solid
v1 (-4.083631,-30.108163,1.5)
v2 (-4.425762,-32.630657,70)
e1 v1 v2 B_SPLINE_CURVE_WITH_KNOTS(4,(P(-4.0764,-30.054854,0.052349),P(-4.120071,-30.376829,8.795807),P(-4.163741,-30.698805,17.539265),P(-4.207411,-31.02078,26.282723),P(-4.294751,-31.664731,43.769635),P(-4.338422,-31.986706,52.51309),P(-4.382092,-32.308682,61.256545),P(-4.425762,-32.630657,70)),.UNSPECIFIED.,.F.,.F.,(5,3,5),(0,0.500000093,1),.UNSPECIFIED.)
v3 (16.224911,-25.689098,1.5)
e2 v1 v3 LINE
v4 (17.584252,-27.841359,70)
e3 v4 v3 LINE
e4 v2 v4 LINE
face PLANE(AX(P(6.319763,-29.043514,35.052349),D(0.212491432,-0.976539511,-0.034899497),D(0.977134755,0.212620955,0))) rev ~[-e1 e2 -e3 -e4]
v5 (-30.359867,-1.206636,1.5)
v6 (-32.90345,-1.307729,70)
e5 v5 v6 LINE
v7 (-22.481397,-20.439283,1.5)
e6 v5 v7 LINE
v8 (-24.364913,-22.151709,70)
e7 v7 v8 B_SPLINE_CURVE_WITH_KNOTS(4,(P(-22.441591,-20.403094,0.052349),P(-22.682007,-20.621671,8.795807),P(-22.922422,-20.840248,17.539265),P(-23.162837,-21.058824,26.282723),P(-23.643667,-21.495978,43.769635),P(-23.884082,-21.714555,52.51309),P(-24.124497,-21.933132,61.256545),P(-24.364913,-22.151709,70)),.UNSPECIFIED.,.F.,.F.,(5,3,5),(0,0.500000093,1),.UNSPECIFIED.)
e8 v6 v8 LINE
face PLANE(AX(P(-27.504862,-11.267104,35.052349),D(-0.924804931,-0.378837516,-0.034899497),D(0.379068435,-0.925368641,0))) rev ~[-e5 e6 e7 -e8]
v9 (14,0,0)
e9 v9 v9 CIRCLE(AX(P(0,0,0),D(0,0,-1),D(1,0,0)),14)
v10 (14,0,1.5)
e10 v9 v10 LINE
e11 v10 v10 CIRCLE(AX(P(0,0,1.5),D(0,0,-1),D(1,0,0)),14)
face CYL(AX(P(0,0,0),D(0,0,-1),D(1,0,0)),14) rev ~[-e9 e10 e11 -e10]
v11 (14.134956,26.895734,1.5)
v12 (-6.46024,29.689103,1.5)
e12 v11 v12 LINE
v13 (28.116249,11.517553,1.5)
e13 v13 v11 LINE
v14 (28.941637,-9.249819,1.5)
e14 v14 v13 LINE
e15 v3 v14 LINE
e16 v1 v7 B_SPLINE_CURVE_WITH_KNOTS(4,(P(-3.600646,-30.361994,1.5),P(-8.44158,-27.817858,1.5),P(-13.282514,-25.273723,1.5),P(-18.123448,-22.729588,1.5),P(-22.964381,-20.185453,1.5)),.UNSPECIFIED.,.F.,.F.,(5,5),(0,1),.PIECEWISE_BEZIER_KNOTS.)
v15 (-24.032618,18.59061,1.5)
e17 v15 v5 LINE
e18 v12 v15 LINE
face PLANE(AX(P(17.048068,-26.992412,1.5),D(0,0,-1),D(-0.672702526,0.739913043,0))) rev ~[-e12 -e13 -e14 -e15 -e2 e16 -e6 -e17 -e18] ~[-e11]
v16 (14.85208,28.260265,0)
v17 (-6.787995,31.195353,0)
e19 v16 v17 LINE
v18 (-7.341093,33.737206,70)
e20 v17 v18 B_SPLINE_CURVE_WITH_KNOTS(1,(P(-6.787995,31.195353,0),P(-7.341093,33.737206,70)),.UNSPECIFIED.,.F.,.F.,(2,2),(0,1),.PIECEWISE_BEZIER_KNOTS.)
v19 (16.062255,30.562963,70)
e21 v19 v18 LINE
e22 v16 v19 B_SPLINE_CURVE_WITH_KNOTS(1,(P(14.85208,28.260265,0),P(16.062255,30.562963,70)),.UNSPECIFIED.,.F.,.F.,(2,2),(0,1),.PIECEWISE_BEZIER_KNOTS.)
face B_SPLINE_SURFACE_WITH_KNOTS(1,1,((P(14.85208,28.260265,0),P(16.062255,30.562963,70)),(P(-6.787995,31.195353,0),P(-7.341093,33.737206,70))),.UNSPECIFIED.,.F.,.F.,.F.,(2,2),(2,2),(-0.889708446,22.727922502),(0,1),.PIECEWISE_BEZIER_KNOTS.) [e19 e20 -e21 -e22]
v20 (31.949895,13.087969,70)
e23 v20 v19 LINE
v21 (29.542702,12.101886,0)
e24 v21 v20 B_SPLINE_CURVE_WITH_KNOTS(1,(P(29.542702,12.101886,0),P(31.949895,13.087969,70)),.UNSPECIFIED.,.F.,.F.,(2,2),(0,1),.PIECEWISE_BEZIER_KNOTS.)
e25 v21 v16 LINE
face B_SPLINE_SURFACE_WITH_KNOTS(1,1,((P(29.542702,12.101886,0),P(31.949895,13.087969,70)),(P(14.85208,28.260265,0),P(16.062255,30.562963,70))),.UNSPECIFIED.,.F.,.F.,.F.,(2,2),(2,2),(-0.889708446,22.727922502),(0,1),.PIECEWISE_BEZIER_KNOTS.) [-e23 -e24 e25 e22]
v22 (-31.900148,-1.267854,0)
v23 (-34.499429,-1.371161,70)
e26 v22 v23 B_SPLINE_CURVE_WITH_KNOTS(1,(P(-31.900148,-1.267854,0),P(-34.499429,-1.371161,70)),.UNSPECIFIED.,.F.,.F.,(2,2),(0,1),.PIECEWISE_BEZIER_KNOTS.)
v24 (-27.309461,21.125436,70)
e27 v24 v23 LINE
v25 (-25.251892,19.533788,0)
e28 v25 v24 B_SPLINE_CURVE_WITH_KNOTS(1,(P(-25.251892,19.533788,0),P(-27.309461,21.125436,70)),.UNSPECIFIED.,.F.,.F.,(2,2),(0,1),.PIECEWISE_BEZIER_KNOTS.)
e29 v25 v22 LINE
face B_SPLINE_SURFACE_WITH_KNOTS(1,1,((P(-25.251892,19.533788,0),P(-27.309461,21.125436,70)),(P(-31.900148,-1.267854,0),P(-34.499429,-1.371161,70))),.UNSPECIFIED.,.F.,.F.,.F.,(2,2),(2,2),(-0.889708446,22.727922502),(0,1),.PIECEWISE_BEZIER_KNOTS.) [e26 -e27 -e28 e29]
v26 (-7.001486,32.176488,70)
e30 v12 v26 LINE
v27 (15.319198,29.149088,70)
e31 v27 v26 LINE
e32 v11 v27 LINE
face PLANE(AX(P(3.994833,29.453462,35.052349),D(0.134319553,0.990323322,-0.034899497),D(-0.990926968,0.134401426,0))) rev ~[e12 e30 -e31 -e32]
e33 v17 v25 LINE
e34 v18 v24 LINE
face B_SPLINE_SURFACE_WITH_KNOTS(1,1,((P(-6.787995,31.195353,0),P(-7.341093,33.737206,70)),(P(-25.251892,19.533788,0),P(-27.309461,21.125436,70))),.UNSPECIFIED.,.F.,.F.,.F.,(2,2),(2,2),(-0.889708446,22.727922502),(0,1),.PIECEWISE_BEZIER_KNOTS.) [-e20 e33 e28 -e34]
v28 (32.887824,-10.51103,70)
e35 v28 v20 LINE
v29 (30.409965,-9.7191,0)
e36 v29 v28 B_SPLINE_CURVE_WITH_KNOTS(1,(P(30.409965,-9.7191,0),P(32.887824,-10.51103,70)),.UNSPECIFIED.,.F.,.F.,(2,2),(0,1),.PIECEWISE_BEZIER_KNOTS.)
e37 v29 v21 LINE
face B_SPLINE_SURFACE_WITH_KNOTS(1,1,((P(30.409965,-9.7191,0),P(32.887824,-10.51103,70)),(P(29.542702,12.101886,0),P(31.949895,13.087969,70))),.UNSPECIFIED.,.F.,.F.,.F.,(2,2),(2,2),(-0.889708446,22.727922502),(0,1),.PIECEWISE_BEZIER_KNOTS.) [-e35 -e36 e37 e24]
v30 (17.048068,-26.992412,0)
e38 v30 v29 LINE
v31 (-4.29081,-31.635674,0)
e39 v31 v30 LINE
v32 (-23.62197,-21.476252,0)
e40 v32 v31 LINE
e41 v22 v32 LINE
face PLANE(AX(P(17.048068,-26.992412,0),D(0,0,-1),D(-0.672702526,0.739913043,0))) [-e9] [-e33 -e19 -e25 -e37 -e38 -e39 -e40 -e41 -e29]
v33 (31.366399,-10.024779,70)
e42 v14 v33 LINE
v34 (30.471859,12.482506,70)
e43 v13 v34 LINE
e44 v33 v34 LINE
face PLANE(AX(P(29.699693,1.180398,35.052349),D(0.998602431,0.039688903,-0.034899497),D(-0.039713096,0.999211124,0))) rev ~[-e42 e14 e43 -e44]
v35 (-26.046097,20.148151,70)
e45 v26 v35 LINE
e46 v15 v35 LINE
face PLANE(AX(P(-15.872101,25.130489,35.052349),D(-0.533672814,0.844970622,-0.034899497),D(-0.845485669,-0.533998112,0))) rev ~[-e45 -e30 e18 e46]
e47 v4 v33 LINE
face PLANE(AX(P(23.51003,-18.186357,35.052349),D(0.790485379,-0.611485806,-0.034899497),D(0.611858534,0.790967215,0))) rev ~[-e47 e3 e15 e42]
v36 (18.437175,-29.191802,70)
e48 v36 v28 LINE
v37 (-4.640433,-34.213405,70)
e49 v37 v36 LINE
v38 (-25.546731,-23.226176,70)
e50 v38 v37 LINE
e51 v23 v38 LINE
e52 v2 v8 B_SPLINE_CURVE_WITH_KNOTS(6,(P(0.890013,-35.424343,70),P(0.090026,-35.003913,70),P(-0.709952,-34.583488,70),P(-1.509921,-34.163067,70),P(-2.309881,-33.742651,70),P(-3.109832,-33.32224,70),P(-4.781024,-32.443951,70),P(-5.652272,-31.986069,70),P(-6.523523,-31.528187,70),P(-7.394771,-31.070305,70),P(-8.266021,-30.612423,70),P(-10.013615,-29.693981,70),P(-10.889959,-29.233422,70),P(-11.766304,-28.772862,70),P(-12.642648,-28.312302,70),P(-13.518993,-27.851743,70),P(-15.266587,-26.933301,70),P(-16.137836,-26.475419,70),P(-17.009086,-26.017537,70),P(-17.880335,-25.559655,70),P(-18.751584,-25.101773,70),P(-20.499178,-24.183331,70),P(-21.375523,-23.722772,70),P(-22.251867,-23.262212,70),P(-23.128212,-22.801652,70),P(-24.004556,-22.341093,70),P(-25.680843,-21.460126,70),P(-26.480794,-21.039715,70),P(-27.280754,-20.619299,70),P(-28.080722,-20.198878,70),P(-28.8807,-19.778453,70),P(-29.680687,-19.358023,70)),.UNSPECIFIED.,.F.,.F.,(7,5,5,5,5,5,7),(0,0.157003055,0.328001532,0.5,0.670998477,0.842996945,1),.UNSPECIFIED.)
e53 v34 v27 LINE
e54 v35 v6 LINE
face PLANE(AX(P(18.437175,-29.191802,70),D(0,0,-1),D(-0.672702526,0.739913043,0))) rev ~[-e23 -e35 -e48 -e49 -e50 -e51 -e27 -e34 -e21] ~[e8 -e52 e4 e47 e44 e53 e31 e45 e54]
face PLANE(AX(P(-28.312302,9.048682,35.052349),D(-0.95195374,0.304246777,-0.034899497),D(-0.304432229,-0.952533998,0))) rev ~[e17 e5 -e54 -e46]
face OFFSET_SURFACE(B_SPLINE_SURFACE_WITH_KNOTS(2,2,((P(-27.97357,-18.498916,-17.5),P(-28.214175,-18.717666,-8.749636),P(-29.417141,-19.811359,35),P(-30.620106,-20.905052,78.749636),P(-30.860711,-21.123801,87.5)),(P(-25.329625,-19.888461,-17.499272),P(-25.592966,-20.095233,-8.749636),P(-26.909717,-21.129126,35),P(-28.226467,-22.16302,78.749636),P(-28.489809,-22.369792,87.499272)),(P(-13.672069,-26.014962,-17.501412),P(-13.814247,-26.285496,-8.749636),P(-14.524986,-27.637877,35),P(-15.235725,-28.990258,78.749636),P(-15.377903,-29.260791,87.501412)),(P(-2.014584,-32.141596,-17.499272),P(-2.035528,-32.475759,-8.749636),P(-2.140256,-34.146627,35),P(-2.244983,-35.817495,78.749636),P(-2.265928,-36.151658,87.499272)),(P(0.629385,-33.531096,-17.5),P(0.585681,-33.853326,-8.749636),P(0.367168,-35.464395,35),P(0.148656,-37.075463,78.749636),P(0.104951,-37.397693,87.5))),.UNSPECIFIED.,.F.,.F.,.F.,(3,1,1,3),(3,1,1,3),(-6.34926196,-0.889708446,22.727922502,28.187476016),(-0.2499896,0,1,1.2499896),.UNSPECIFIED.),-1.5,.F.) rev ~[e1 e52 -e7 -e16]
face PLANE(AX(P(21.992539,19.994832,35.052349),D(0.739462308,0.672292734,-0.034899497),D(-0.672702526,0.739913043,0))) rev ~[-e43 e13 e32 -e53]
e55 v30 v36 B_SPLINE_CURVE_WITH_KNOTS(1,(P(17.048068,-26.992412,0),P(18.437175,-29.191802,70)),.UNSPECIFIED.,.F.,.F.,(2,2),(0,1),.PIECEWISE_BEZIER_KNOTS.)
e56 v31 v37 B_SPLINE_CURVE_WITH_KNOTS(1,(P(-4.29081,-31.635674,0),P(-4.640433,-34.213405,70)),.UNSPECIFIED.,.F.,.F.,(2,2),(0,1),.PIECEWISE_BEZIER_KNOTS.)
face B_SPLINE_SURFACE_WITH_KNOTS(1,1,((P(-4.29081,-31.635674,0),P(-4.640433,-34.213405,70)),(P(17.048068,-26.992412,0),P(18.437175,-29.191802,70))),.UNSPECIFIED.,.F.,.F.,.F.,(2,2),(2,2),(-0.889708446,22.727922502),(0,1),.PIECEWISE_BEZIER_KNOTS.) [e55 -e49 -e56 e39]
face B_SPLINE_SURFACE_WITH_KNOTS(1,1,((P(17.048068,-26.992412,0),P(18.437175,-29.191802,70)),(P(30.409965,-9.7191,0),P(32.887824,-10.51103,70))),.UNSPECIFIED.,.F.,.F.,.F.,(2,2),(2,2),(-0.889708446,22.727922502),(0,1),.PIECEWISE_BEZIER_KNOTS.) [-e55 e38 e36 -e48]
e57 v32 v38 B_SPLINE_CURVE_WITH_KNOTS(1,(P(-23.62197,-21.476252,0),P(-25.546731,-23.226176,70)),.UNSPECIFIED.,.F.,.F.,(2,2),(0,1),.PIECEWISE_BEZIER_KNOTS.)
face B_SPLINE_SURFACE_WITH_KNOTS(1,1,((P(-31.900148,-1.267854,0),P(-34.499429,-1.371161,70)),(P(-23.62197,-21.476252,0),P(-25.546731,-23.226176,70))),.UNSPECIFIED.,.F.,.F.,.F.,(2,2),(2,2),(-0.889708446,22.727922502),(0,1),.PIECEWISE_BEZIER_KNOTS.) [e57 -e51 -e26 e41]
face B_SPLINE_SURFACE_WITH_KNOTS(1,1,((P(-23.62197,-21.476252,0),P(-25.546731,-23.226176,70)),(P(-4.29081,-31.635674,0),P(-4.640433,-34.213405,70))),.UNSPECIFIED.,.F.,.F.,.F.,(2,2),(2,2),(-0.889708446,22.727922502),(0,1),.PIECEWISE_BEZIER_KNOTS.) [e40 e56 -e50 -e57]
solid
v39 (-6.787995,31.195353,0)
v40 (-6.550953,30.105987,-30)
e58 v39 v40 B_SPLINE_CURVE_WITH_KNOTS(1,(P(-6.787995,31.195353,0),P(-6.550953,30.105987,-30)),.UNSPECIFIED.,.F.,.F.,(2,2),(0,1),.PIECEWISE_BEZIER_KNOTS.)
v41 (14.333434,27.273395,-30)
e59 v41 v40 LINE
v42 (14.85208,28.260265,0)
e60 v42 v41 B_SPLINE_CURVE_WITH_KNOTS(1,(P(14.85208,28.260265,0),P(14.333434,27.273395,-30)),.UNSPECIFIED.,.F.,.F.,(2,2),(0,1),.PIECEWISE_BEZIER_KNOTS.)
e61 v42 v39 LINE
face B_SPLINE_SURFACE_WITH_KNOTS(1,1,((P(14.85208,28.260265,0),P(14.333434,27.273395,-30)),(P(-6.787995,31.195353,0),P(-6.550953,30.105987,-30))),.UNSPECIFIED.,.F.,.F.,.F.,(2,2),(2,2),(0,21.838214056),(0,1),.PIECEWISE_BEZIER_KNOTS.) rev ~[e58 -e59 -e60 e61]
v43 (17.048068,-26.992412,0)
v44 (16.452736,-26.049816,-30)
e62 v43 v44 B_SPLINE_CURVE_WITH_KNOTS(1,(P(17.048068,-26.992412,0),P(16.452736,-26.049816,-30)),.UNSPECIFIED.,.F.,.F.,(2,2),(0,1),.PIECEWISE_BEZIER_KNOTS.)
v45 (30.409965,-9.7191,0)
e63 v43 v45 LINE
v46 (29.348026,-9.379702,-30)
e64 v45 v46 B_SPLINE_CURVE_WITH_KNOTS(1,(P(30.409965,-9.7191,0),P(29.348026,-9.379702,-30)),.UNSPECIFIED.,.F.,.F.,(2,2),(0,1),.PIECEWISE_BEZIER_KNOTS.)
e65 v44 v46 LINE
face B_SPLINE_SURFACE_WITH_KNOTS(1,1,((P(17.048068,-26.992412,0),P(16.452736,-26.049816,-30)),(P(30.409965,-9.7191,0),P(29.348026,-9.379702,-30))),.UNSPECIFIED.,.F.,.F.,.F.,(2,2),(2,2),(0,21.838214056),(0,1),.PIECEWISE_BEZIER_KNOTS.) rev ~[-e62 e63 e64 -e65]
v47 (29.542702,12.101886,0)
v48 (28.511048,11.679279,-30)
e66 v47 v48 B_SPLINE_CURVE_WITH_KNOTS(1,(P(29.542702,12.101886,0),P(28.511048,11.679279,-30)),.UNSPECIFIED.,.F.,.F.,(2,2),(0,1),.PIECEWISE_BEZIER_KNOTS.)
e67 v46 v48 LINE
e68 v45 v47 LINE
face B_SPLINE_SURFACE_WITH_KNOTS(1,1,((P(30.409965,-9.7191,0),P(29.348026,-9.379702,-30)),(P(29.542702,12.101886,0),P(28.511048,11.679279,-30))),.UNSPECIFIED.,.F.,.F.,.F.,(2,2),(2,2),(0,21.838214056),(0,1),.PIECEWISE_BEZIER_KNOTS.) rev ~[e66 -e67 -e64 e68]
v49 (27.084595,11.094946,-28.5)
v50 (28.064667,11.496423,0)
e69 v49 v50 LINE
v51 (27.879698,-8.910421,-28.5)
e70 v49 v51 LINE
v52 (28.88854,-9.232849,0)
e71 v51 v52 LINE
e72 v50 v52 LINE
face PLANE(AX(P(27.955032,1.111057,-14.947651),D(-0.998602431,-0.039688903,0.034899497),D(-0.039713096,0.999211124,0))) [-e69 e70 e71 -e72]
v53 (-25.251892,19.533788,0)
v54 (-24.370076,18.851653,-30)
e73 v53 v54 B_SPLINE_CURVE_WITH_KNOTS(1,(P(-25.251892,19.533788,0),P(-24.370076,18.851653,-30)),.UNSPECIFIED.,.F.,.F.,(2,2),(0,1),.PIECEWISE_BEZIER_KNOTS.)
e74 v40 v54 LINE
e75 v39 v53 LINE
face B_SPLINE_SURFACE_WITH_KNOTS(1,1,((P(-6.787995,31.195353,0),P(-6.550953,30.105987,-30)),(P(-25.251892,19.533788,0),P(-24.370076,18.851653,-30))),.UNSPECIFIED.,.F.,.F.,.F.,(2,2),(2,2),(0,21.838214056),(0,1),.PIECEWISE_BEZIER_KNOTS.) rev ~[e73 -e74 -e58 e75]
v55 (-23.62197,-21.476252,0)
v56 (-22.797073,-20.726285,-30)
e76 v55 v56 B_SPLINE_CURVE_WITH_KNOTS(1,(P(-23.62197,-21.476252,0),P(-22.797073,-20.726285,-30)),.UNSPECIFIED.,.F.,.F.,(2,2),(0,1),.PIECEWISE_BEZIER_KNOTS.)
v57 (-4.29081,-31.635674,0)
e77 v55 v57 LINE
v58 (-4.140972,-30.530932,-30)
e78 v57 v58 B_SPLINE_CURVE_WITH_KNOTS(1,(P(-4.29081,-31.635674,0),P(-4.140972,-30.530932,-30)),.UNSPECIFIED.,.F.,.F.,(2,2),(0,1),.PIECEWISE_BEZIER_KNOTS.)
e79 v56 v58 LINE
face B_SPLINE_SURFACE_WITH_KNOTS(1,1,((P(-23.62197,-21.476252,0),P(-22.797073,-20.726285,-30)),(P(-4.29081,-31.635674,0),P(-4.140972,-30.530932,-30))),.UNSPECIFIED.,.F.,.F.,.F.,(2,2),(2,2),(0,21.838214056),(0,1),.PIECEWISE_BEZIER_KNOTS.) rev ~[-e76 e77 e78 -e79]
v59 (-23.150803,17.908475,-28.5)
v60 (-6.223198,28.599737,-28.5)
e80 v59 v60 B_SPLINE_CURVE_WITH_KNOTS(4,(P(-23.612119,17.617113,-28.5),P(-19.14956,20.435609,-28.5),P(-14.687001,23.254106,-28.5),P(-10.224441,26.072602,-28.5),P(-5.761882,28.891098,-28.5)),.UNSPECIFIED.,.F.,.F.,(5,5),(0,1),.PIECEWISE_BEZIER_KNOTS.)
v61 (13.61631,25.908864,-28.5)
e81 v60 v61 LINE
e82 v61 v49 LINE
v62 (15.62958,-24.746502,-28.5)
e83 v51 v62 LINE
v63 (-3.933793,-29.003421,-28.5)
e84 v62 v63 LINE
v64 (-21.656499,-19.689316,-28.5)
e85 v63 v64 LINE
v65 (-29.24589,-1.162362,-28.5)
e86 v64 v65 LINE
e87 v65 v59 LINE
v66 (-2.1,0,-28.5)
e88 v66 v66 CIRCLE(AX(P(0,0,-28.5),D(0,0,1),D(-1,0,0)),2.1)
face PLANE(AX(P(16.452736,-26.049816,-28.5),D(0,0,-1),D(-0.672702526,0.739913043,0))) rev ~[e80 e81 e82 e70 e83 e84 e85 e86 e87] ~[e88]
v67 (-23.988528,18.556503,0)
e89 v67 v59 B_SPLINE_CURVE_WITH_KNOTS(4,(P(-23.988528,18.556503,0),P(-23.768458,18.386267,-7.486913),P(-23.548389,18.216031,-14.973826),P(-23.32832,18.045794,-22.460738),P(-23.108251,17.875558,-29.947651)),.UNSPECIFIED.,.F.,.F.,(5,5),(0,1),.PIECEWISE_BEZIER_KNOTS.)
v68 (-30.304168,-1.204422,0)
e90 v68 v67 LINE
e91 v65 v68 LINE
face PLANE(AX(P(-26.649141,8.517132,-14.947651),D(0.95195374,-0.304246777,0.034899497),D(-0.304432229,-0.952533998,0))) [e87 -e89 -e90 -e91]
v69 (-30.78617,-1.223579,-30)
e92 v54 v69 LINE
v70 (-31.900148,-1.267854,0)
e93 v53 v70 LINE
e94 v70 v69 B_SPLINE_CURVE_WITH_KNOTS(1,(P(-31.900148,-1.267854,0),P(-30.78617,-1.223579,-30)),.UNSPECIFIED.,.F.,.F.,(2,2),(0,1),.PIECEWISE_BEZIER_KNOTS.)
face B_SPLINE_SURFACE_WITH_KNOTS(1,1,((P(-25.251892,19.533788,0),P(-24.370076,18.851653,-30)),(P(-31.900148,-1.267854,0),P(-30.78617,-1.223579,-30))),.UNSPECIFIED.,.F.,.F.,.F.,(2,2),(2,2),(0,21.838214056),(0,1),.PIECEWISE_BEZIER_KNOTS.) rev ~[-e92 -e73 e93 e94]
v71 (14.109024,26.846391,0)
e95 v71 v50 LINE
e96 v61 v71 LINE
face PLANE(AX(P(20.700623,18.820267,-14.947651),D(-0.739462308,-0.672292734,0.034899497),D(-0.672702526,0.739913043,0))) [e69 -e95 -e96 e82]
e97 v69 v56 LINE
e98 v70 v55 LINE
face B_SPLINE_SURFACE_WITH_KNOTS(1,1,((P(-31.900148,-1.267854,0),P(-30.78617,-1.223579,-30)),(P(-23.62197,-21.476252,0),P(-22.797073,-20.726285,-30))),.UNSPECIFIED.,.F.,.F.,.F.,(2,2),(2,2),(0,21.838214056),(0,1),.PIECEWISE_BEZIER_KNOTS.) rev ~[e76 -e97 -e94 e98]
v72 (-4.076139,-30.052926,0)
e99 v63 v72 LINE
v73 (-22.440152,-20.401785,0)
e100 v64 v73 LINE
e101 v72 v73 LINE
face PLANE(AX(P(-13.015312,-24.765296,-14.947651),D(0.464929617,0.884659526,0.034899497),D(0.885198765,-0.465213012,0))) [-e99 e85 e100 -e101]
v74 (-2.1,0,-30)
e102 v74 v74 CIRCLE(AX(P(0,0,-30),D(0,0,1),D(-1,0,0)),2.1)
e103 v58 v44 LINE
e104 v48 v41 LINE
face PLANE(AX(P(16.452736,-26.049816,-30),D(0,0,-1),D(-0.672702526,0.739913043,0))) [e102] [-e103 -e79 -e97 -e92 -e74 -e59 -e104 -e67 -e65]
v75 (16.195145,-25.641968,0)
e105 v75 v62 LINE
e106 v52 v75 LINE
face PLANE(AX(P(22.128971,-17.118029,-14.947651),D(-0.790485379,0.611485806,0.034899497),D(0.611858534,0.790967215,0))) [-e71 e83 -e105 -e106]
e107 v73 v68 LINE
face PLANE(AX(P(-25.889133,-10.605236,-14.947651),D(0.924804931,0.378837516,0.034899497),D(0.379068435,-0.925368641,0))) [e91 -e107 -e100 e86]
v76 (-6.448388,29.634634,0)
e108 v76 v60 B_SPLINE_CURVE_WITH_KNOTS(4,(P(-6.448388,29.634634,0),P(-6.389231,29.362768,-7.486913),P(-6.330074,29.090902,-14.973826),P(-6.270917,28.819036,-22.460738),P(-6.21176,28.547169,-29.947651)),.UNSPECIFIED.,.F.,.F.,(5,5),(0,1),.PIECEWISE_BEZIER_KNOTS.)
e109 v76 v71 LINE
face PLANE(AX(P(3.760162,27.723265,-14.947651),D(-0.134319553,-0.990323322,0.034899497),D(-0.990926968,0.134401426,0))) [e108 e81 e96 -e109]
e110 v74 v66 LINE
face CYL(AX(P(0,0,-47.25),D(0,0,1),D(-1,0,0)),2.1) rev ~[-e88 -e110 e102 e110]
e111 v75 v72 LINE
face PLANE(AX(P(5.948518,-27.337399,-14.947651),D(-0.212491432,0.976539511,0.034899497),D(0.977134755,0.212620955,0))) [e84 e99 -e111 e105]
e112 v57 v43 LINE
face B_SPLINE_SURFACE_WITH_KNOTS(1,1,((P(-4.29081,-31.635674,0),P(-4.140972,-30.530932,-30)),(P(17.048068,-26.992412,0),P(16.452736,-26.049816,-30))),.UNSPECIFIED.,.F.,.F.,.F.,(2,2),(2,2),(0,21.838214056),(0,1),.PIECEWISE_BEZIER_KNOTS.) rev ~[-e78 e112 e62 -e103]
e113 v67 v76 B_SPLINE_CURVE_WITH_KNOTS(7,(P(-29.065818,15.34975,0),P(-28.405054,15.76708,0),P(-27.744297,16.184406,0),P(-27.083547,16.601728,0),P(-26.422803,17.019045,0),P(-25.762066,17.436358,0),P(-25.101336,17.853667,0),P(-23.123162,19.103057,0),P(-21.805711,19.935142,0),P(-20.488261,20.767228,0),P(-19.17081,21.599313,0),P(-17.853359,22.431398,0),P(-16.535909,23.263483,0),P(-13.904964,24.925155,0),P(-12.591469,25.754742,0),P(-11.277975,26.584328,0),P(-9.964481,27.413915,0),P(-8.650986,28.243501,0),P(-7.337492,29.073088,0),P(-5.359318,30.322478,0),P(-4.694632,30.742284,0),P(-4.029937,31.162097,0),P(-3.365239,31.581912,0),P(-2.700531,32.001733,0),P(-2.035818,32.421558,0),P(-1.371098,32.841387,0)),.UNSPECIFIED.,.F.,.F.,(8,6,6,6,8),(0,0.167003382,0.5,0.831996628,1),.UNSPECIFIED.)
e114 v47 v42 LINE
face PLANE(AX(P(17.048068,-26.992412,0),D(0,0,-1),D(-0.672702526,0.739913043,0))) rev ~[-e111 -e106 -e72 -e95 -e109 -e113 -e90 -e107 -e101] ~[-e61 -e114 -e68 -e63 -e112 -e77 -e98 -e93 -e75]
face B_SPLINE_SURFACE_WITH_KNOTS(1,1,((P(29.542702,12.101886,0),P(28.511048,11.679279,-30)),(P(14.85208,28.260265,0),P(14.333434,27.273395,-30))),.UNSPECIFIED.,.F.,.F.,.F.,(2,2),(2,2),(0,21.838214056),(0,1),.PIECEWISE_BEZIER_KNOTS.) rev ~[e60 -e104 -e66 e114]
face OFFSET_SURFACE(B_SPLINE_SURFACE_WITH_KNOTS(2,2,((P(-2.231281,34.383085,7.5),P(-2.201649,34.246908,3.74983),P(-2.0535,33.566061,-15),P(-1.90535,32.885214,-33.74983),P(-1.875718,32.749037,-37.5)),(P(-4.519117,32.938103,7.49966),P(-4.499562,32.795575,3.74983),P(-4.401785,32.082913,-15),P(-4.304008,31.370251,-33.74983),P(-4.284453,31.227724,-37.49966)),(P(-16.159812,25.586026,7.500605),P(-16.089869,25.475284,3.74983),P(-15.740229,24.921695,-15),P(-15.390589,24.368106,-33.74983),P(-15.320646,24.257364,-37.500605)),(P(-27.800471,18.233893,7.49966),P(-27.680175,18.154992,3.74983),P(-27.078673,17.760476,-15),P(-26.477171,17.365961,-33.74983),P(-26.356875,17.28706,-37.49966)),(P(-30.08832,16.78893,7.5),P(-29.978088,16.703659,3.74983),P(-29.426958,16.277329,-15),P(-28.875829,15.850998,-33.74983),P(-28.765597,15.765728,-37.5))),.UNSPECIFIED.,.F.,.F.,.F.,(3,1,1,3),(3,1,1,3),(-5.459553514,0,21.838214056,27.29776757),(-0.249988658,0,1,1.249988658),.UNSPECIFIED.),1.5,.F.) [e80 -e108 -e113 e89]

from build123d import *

# Parameters (mm, degrees)
F1_DEPTH = 70
F1_TAPER = -2
F2_T     = -1.5
F3_R     = 14
F4_DEPTH = 1.5
F5_DEPTH = 30
F5_TAPER = 2
F6_T     = -1.5
F8_D     = 4.2
F8_DEPTH = 17.25
F8_TIP   = 1.2618073


with BuildPart() as f1:
    # F0 (on Top) → F1 (new body)
    with BuildSketch(Plane.XY):
        Polygon((17.0480676249, -26.9924116845), (30.4099652563, -9.7191003389), (29.5427021752, 12.101886071), (14.8520804157, 28.2602654909), (-6.7879948327, 31.1953526096), (-25.2518918588, 19.5337875446), (-31.9001480406, -1.2678538064), (-23.6219704236, -21.4762522707), (-4.2908103164, -31.6356736157), align=None)
    extrude(amount=F1_DEPTH, taper=F1_TAPER)

    # F2
    f2_openings = [f1.faces().sort_by_distance(p)[0] for p in [
        (0, 0, 70),
    ]]
    offset(amount=F2_T, openings=f2_openings)

    # F3 (on face) → F4 (cut, through all)
    with BuildSketch(Plane(origin=(0, 0, 0), x_dir=(1, 0, 0), z_dir=(0, 0, -1))):
        Circle(F3_R)
    extrude(amount=-F4_DEPTH, mode=Mode.SUBTRACT)


with BuildPart() as f5:
    # F0 (on Top) → F5 (new body)
    with BuildSketch(Plane.XY):
        Polygon((17.0480676249, -26.9924116845), (30.4099652563, -9.7191003389), (29.5427021752, 12.101886071), (14.8520804157, 28.2602654909), (-6.7879948327, 31.1953526096), (-25.2518918588, 19.5337875446), (-31.9001480406, -1.2678538064), (-23.6219704236, -21.4762522707), (-4.2908103164, -31.6356736157), align=None)
    extrude(amount=-F5_DEPTH, taper=F5_TAPER)

    # F6
    f6_openings = [f5.faces().sort_by_distance(p)[0] for p in [
        (0, 0, 0),
    ]]
    offset(amount=F6_T, openings=f6_openings)

    # F8
    with Locations(Plane(origin=(0, 0, -30), x_dir=(1, 0, 0), z_dir=(0, 0, -1))):
        with Locations((0, 0)):
            Hole(F8_D / 2, depth=F8_DEPTH)
            with Locations((0, 0, -(F8_DEPTH + F8_TIP / 2))):  # 118° drill point
                Cone(0, F8_D / 2, F8_TIP, mode=Mode.SUBTRACT)


solid = Compound([f1.part, f5.part])
